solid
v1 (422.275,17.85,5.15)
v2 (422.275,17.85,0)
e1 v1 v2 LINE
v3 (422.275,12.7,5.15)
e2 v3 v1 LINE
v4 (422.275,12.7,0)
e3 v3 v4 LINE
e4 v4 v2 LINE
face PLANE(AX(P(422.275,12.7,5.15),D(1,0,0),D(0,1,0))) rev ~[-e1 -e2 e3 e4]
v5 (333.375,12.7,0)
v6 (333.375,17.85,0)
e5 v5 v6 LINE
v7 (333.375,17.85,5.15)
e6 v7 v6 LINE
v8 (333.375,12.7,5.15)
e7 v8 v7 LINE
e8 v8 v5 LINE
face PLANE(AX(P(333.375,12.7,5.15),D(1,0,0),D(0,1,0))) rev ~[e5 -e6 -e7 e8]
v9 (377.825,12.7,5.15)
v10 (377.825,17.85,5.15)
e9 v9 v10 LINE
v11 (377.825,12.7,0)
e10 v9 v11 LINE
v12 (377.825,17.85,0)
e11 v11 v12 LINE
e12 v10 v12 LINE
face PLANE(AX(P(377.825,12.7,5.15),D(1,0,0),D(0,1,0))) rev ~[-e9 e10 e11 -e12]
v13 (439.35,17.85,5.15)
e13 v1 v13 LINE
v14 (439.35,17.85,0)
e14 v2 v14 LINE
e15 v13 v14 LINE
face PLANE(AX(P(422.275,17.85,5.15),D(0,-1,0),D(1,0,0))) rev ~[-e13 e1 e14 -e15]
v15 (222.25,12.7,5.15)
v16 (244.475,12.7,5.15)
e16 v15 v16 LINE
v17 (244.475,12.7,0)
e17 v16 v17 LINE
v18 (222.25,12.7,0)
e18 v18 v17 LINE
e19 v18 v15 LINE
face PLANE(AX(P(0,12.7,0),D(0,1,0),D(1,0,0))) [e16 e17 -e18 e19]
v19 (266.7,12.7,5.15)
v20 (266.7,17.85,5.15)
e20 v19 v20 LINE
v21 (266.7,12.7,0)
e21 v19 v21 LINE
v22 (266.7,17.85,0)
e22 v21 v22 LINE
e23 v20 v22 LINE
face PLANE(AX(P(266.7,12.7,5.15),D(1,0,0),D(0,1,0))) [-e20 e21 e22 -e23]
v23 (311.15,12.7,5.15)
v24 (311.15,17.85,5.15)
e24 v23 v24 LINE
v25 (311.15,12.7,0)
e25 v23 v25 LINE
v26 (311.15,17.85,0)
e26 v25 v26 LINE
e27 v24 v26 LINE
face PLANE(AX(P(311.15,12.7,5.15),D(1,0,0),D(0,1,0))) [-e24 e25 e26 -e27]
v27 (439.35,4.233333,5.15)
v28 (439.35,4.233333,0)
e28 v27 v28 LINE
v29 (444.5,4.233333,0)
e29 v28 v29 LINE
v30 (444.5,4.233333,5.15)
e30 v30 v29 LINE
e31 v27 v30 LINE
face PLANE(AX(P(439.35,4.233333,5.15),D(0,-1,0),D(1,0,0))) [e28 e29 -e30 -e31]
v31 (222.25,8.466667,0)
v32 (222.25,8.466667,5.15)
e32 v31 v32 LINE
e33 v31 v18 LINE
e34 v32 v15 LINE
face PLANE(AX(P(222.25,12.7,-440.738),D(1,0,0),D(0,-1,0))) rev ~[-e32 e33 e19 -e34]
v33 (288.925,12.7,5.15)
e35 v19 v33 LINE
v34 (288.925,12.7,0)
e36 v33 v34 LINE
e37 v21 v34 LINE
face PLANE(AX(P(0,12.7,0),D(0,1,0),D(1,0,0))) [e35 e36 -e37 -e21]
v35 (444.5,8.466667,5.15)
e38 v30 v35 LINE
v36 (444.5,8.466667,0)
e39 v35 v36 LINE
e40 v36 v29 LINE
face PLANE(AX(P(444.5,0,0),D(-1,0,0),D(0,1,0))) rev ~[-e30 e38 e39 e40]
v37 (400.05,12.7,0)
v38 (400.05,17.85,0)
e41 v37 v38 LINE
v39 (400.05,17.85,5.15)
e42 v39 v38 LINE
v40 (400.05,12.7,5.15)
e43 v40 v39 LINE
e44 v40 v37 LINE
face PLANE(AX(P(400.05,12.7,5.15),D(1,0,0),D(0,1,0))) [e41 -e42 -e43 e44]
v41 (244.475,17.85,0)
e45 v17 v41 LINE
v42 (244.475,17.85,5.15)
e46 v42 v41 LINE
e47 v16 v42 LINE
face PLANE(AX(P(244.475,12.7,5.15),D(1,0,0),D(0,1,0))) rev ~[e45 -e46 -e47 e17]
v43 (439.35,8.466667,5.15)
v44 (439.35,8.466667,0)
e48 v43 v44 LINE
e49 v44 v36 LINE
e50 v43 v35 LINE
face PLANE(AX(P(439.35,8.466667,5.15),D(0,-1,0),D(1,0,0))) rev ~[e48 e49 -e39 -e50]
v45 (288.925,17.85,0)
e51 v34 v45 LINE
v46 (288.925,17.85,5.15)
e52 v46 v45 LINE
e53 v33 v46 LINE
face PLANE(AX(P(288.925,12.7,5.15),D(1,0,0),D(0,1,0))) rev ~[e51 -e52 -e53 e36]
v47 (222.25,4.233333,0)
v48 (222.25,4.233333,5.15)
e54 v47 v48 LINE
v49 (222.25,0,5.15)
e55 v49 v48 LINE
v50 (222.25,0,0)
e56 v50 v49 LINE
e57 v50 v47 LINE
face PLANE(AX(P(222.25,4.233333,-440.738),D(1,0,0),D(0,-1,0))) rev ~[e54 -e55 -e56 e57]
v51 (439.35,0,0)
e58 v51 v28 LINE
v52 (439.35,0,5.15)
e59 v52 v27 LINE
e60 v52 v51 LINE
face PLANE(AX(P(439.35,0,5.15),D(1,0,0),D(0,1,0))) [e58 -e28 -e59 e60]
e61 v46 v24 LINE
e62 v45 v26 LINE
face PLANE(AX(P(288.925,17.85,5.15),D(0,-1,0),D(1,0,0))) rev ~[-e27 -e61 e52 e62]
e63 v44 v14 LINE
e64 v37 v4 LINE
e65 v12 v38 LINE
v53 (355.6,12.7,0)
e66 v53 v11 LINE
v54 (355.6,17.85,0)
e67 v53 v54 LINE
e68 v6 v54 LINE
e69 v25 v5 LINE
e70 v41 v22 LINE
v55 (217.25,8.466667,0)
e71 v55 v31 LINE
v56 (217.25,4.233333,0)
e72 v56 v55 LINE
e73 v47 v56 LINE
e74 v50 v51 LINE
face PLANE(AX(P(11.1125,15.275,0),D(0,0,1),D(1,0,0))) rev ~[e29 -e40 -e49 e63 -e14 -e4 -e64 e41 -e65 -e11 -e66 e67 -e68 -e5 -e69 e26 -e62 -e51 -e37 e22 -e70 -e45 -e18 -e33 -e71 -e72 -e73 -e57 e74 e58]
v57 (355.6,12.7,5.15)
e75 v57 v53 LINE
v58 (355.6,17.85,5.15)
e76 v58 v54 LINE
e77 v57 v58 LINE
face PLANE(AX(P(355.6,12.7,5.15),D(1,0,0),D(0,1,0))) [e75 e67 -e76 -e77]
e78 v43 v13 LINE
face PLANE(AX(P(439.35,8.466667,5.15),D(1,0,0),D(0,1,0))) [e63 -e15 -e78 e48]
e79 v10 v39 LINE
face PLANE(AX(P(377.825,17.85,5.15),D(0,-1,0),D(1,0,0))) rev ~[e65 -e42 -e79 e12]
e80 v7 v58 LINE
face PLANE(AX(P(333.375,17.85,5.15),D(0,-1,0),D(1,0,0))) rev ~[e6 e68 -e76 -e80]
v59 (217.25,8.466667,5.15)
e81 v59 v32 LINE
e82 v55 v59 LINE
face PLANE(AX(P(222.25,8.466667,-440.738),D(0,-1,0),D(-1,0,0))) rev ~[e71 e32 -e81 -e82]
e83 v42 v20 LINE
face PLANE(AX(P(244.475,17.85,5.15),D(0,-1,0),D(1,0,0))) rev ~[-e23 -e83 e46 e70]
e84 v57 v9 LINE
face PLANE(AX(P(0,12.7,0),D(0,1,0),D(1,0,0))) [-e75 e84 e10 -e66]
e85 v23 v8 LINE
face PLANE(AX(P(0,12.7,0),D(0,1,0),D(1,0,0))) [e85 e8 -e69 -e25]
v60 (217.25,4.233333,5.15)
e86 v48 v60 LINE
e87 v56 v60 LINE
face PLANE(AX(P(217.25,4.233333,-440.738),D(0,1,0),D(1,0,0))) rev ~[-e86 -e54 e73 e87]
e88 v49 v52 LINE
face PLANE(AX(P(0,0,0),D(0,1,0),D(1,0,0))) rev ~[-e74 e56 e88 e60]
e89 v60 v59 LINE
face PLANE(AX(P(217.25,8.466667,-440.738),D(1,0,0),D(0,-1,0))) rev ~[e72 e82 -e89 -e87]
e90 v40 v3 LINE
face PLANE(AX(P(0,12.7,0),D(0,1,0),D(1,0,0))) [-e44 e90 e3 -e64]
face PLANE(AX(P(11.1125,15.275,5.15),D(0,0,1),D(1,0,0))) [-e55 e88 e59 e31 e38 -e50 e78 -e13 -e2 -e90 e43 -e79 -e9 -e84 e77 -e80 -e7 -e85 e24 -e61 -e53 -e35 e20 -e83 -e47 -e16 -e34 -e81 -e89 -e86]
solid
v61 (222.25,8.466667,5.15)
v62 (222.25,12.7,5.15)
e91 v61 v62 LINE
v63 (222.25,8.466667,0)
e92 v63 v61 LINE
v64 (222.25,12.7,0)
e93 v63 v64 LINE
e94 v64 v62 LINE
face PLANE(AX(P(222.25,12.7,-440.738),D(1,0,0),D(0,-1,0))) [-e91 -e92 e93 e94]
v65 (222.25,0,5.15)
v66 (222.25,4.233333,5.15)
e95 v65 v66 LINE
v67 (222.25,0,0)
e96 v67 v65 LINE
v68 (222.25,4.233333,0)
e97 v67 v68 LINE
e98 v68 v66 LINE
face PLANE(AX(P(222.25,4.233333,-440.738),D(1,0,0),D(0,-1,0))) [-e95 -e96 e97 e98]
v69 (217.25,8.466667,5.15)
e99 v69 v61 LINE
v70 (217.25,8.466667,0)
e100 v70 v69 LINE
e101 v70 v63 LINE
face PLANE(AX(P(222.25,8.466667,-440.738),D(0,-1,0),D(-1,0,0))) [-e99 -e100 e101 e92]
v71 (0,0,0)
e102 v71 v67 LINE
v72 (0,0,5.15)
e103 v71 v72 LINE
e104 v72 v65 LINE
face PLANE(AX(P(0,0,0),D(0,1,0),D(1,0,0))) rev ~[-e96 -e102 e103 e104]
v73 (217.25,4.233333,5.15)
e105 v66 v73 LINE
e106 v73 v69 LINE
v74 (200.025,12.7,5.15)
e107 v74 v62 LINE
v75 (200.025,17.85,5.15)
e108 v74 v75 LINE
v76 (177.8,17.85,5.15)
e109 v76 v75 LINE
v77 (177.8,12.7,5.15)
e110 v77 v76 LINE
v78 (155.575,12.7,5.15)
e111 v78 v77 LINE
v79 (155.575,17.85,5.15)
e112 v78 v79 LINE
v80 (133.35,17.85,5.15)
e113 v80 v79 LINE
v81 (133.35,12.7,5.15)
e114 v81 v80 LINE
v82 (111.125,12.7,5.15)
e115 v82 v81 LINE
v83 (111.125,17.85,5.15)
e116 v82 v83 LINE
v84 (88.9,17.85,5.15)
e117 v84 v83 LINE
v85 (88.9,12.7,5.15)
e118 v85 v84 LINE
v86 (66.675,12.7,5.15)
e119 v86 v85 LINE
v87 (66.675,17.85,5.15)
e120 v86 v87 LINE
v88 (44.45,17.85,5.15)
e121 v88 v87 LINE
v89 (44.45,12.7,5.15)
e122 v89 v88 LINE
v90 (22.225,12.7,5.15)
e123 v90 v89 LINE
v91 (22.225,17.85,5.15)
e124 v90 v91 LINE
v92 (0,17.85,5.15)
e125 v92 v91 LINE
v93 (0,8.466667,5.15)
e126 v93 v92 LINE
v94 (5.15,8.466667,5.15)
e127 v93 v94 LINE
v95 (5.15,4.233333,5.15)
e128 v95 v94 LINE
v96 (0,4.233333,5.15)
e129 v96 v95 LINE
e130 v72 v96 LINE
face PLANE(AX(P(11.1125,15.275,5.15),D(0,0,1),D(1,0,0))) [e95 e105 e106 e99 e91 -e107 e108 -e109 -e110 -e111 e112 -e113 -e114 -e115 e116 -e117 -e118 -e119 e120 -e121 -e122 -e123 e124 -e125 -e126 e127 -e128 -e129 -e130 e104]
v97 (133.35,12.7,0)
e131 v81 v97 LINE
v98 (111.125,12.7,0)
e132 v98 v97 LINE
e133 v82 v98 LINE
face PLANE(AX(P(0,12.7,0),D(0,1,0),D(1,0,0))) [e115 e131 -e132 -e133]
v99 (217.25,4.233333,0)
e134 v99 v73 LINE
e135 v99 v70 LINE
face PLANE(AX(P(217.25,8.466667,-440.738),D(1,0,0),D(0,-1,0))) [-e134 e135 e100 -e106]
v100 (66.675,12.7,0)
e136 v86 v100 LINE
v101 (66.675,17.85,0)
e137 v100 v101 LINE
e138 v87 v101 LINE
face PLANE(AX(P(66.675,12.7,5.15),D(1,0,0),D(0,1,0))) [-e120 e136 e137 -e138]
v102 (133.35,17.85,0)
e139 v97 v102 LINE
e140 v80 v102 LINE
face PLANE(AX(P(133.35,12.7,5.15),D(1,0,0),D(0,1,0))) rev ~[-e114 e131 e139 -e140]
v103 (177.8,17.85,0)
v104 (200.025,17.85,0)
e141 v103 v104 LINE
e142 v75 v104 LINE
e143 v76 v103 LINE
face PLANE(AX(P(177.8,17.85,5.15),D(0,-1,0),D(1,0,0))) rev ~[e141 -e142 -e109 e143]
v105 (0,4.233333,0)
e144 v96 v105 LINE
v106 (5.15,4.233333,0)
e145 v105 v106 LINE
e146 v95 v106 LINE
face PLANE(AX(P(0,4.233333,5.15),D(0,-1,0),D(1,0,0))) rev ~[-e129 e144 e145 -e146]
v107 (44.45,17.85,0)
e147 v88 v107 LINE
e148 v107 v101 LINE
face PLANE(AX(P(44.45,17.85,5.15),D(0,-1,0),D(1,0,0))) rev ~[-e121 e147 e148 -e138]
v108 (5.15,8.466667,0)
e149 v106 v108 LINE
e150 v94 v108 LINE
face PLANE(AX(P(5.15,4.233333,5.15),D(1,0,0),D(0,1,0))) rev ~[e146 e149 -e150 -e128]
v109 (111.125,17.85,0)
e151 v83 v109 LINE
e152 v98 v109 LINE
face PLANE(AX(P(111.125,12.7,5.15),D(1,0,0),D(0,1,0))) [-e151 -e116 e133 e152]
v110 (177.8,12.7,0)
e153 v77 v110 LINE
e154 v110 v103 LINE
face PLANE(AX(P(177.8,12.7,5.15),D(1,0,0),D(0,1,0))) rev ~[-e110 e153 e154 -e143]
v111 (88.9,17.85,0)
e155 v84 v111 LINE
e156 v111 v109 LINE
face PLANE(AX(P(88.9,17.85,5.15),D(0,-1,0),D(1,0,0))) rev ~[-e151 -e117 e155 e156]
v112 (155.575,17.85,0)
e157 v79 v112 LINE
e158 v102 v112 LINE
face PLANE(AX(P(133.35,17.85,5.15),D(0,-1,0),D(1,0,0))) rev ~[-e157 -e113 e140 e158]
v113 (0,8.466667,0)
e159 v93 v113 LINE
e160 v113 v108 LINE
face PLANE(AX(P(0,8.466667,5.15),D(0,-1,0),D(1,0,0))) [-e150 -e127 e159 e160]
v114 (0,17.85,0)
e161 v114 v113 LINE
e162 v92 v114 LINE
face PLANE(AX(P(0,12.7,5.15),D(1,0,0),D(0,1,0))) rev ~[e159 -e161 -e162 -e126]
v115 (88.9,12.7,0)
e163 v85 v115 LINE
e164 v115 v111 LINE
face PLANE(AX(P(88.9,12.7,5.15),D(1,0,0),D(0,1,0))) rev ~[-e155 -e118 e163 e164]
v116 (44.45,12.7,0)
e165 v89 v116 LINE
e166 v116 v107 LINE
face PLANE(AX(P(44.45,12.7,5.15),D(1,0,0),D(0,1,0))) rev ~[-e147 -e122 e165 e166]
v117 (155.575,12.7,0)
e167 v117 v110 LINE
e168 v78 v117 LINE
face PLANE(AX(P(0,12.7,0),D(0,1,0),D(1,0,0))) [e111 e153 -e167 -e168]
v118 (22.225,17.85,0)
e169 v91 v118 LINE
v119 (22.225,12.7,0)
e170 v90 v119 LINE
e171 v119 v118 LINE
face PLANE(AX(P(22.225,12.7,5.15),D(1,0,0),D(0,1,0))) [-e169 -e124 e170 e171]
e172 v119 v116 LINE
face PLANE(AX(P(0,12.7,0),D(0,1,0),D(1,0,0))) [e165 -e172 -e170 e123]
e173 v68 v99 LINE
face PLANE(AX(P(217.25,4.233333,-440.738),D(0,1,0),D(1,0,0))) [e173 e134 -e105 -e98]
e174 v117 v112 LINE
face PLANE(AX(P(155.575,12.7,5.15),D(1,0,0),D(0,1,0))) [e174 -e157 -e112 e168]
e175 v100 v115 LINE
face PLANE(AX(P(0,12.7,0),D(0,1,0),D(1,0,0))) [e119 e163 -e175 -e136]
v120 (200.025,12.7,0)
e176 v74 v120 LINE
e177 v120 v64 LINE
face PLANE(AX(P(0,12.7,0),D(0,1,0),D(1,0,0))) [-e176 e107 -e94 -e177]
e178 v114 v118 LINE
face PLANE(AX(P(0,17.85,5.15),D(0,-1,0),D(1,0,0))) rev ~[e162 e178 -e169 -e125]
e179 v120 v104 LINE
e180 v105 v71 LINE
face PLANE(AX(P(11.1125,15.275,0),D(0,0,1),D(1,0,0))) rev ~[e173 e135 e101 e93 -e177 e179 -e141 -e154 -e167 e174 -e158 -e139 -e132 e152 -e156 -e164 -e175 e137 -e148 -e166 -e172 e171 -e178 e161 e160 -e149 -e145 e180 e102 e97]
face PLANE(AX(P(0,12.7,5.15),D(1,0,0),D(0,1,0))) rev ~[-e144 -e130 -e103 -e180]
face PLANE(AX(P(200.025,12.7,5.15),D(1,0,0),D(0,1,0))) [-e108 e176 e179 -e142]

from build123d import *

# Parameters (mm, degrees)
SKETCH1_W              = 444.5
SKETCH1_H              = 12.7
BOSS_EXTRUDE1_DEPTH    = 5.15
SKETCH2_W              = 22.225
SKETCH2_H              = 5.15
BOSS_EXTRUDE2_DEPTH    = 5.15
SKETCH3_W              = 5.15
SKETCH3_H              = 4.233333334
SKETCH3_H_2            = 9.383333333
SKETCH3_H_3            = 4.233333333
CUT_EXTRUDE1_DEPTH     = 445.888070193
SPLIT1_SURFACE_1_BACK  = 445.888
SPLIT1_SURFACE_1_DEPTH = 891.776
SPLIT1_SURFACE_2_BACK  = 445.888
SPLIT1_SURFACE_2_DEPTH = 891.776


with BuildPart() as part:
    # Sketch1 → Boss-Extrude1 (new body)
    with BuildSketch(Plane.XY):
        with Locations((222.25, 6.35)):
            Rectangle(SKETCH1_W, SKETCH1_H)
    extrude(amount=BOSS_EXTRUDE1_DEPTH)

    # Sketch2 → Boss-Extrude2 (add)
    with BuildSketch(Plane.XY.offset(5.15)):
        with Locations((11.1125, 15.275)):
            Rectangle(SKETCH2_W, SKETCH2_H)
        with Locations((55.5625, 15.275)):
            Rectangle(SKETCH2_W, SKETCH2_H)
        with Locations((100.0125, 15.275)):
            Rectangle(SKETCH2_W, SKETCH2_H)
        with Locations((144.4625, 15.275)):
            Rectangle(SKETCH2_W, SKETCH2_H)
        with Locations((188.9125, 15.275)):
            Rectangle(SKETCH2_W, SKETCH2_H)
        with Locations((255.5875, 15.275)):
            Rectangle(SKETCH2_W, SKETCH2_H)
        with Locations((300.0375, 15.275)):
            Rectangle(SKETCH2_W, SKETCH2_H)
        with Locations((344.4875, 15.275)):
            Rectangle(SKETCH2_W, SKETCH2_H)
        with Locations((388.9375, 15.275)):
            Rectangle(SKETCH2_W, SKETCH2_H)
        with Locations((433.3875, 15.275)):
            Rectangle(SKETCH2_W, SKETCH2_H)
    extrude(amount=-BOSS_EXTRUDE2_DEPTH)

    # Sketch3 → Cut-Extrude1 (cut, through all)
    with BuildSketch(Plane.XY.offset(5.15)):
        with Locations((2.575, 6.35)):
            Rectangle(SKETCH3_W, SKETCH3_H)
        with Locations((441.925, 13.158333333)):
            Rectangle(SKETCH3_W, SKETCH3_H_2)
        with Locations((441.925, 2.116666667)):
            Rectangle(SKETCH3_W, SKETCH3_H_3)
    extrude(amount=-CUT_EXTRUDE1_DEPTH, mode=Mode.SUBTRACT)


with BuildPart() as body_2:
    # Split1: the piece behind the surface
    add(part.part)
    # Split1 surface: a surface, the sketch's curves swept straight by 891.776 mm
    with BuildLine(Plane.XY.offset(5.15).offset(-SPLIT1_SURFACE_1_BACK), mode=Mode.PRIVATE) as split1_surface_1_path:
        Line((222.25, 12.7), (222.25, 8.466666667))
        Line((222.25, 8.466666667), (217.25, 8.466666667))
        Line((217.25, 8.466666667), (217.25, 4.233333333))
        Line((217.25, 4.233333333), (222.25, 4.233333333))
        Line((222.25, 4.233333333), (222.25, 0))
    split1_surface_1 = Shell.extrude(split1_surface_1_path.wire(), (0 * SPLIT1_SURFACE_1_DEPTH, 0 * SPLIT1_SURFACE_1_DEPTH, 1 * SPLIT1_SURFACE_1_DEPTH))
    split(bisect_by=split1_surface_1, keep=Keep.BOTTOM)


with BuildPart() as part_1:
    add(part.part)

    # Split1: split by a surface, the side it looks to stays
    # Split1 surface: a surface, the sketch's curves swept straight by 891.776 mm
    with BuildLine(Plane.XY.offset(5.15).offset(-SPLIT1_SURFACE_2_BACK), mode=Mode.PRIVATE) as split1_surface_2_path:
        Line((222.25, 12.7), (222.25, 8.466666667))
        Line((222.25, 8.466666667), (217.25, 8.466666667))
        Line((217.25, 8.466666667), (217.25, 4.233333333))
        Line((217.25, 4.233333333), (222.25, 4.233333333))
        Line((222.25, 4.233333333), (222.25, 0))
    split1_surface_2 = Shell.extrude(split1_surface_2_path.wire(), (0 * SPLIT1_SURFACE_2_DEPTH, 0 * SPLIT1_SURFACE_2_DEPTH, 1 * SPLIT1_SURFACE_2_DEPTH))
    split(bisect_by=split1_surface_2, keep=Keep.TOP)


solid = Compound([body_2.part, part_1.part])
